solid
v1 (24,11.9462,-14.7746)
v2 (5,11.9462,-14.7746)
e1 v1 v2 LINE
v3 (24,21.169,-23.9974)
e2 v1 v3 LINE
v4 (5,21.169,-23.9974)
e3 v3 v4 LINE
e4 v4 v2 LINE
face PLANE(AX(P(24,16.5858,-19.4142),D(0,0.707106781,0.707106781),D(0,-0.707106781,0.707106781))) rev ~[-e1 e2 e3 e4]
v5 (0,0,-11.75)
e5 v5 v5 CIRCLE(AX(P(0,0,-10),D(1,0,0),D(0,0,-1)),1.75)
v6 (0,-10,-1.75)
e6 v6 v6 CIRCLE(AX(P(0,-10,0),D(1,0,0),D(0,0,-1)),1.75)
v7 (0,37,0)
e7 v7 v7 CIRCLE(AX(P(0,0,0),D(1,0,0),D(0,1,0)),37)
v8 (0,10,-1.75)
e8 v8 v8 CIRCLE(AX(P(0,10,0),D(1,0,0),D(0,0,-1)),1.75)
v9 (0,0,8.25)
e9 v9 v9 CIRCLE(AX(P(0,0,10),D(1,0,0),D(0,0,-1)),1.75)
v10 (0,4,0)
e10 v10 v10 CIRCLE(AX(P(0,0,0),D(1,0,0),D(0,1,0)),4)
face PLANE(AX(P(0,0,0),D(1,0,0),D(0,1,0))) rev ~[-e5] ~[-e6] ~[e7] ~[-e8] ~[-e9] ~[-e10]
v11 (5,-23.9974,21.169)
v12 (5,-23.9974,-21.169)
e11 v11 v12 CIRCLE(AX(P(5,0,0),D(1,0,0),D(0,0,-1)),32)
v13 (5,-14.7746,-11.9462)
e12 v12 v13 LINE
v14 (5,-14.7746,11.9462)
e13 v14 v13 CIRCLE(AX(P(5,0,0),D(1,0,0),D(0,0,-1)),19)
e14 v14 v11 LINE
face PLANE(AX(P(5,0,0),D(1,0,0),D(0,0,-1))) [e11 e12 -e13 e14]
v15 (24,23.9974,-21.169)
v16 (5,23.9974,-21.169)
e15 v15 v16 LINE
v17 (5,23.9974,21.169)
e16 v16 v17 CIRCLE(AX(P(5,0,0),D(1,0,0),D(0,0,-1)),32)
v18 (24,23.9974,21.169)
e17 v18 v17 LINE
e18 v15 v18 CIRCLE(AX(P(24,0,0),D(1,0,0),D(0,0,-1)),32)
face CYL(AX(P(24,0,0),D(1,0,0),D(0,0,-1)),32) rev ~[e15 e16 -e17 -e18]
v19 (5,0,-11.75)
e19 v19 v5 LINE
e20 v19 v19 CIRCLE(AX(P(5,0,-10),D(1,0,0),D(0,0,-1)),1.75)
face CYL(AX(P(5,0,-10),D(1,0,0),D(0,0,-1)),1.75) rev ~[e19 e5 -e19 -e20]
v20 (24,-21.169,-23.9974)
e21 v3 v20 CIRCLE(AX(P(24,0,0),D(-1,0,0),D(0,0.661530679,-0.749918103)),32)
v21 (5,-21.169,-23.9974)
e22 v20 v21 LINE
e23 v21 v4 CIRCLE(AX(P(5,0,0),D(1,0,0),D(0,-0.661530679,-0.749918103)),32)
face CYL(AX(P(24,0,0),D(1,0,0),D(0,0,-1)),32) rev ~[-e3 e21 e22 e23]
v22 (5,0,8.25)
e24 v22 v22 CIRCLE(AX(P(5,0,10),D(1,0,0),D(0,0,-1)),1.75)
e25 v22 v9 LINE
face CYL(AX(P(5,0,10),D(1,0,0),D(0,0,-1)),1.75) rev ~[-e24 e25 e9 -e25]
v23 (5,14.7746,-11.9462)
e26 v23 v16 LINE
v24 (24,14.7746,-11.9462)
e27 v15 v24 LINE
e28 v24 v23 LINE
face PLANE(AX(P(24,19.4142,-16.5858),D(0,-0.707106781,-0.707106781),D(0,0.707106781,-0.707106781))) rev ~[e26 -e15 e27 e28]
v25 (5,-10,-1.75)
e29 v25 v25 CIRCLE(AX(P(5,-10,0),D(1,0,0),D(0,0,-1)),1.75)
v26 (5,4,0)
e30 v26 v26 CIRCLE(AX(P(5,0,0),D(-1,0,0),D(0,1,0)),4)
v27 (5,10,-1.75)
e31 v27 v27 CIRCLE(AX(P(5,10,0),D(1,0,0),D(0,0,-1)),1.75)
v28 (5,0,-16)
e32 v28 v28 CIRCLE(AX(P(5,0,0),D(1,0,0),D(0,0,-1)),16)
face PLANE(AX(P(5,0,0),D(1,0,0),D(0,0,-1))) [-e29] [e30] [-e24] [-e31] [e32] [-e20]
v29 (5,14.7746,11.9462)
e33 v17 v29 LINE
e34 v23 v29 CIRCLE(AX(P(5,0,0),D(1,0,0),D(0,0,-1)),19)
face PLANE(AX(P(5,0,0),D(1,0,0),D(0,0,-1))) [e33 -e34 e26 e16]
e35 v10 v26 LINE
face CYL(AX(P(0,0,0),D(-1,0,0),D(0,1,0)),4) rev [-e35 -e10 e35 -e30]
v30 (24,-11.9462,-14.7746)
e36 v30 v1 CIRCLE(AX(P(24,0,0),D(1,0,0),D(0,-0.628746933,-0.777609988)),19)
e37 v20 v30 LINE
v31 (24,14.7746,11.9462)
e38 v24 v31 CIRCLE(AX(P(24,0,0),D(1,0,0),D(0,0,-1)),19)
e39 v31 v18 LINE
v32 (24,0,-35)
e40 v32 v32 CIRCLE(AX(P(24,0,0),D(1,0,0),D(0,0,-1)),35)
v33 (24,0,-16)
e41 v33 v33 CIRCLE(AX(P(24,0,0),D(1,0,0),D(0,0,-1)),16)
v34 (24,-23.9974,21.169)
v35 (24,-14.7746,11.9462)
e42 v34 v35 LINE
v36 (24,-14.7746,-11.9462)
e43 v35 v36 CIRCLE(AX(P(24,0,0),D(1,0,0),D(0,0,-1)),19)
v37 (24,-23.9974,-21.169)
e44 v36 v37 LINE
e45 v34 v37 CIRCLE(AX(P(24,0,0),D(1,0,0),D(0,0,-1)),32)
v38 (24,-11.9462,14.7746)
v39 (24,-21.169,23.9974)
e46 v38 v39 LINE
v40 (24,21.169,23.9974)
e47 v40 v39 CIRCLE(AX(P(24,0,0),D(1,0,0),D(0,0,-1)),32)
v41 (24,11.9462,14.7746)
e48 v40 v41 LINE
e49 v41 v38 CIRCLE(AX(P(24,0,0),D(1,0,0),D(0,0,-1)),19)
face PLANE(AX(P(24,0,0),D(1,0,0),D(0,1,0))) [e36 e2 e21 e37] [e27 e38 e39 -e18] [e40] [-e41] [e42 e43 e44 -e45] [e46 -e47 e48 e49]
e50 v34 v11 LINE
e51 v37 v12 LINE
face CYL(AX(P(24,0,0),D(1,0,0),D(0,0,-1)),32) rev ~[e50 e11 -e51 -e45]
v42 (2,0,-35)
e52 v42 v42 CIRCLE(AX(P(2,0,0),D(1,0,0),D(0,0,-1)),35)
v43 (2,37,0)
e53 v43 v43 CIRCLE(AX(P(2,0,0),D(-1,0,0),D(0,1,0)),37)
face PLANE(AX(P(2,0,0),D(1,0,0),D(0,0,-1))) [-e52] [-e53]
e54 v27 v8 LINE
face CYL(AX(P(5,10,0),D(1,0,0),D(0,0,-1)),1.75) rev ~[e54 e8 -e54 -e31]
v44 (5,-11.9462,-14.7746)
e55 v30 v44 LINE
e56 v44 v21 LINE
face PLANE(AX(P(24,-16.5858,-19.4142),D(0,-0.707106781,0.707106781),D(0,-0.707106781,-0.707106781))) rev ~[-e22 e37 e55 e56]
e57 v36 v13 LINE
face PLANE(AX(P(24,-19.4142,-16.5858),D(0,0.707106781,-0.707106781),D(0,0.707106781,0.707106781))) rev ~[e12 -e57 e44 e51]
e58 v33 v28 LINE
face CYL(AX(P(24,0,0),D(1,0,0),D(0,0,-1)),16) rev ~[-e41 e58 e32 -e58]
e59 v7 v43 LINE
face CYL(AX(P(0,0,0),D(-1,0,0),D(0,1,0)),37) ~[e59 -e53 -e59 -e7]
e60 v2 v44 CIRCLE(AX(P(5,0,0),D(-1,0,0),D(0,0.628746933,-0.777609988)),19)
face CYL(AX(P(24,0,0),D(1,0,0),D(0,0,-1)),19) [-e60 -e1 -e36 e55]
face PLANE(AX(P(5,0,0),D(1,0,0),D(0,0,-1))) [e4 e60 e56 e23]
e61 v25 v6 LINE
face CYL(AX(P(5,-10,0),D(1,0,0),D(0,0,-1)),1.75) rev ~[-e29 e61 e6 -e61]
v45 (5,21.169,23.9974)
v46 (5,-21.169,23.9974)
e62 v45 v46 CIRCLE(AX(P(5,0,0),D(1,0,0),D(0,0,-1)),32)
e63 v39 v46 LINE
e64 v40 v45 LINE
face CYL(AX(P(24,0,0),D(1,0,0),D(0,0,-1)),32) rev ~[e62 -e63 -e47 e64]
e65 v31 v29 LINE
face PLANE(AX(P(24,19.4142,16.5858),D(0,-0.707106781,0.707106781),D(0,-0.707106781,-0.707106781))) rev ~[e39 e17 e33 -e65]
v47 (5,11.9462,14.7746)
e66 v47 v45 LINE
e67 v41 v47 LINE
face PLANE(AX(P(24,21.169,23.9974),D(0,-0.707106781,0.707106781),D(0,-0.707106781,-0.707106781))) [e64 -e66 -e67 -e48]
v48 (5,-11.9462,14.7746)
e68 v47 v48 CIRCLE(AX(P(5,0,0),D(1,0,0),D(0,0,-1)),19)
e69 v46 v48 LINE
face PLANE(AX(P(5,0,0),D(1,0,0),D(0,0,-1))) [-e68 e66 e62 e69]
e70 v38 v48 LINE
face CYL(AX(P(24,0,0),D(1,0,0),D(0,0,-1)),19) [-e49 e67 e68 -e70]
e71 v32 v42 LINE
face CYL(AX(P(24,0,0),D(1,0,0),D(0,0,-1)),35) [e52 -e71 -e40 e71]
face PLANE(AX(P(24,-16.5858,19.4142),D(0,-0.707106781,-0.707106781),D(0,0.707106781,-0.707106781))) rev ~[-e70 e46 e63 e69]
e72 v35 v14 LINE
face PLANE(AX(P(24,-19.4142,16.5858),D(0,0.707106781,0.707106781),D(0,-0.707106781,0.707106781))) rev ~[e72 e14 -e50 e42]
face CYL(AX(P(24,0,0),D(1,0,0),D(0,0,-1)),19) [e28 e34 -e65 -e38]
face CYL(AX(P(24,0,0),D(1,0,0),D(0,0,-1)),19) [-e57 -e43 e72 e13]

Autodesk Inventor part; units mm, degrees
ref_plane "YZ Plane" through (0, 0, 0) normal (1, 0, 0) x (0, 1, 0)
ref_plane "XZ Plane" through (0, 0, 0) normal (0, 1, 0) x (-1, 0, 0)
ref_plane "XY Plane" through (0, 0, 0) normal (0, 0, 1) x (1, 0, 0)
sketch "스케치1" plane through (0, 0, 0) normal (1, 0, 0) x (0, 1, 0)
  circle A0 centre (0, 0) radius 37
  circle A1 centre (0, 0) radius 4
  dimension "d0" = 74
  dimension "d1" = 8
extrude "돌출1" add sketch "스케치1" along normal blind 24
sketch "스케치2" plane through (24, 0, 0) normal (1, 0, 0) x (0, 0, -1)
  circle A0 centre (0, 0) radius 16
  dimension "d4" = 32
extrude "돌출2" cut sketch "스케치2" against normal blind 19
sketch "스케치4" plane through (5, 0, 0) normal (1, 0, 0) x (0, 0, -1)
  circle A0 centre (0, 10) radius 1.75
  circle A1 centre (10, 0) radius 1.75
  circle A2 centre (0, -10) radius 1.75
  circle A3 centre (-10, 0) radius 1.75
  point P0 (0, 0)
  dimension "d8" = 3.5
  dimension "d9" = 3.5
  dimension "d10" = 3.5
  dimension "d11" = 3.5
extrude "돌출3" cut sketch "스케치4" against normal blind 19
sketch "스케치5" plane through (24, 0, 0) normal (1, 0, 0) x (0, 0, -1)
  circle A0 centre (0, 0) radius 19
  circle A1 centre (0, 0) radius 32
  line L0 (-19.4142, 16.5858) -> (-14.7746, 11.9462)
  line L1 (-23.9974, 21.169) -> (-19.4142, 16.5858)
  line L2 (-16.5858, 19.4142) -> (-11.9462, 14.7746)
  line L3 (-16.5858, 19.4142) -> (-21.169, 23.9974)
  line L4 (16.5858, 19.4142) -> (11.9462, 14.7746)
  line L5 (16.5858, 19.4142) -> (21.169, 23.9974)
  line L6 (19.4142, 16.5858) -> (23.9974, 21.169)
  line L7 (19.4142, 16.5858) -> (14.7746, 11.9462)
  line L8 (16.5858, -19.4142) -> (11.9462, -14.7746)
  line L9 (16.5858, -19.4142) -> (21.169, -23.9974)
  line L10 (19.4142, -16.5858) -> (14.7746, -11.9462)
  line L11 (19.4142, -16.5858) -> (23.9974, -21.169)
  line L12 (-19.4142, -16.5858) -> (-14.7746, -11.9462)
  line L13 (-19.4142, -16.5858) -> (-23.9974, -21.169)
  line L14 (-16.5858, -19.4142) -> (-11.9462, -14.7746)
  line L15 (-16.5858, -19.4142) -> (-21.169, -23.9974)
  line L16 (-14.7746, -11.9462) -> (-23.9974, -21.169)
  dimension "d18" = 4
extrude "돌출4" cut sketch "스케치5" against normal blind 19 contours A0 L7 L6 A1 L11 L10 | A0 L2 L3 A1 L5 L4 | L8 L9 A1 L15 L14 A0 | A0 L12 L13 A1 L1 L0
sketch "스케치6" plane through (24, 0, 0) normal (1, 0, 0) x (0, 0, -1)
  circle A0 centre (0, 0) radius 35
  circle A1 centre (0, 0) radius 37
  dimension "d22" = 70
extrude "돌출5" cut sketch "스케치6" against normal blind 22
properties part number "바퀴8PI" material "아세탈 수지, 검은색"
